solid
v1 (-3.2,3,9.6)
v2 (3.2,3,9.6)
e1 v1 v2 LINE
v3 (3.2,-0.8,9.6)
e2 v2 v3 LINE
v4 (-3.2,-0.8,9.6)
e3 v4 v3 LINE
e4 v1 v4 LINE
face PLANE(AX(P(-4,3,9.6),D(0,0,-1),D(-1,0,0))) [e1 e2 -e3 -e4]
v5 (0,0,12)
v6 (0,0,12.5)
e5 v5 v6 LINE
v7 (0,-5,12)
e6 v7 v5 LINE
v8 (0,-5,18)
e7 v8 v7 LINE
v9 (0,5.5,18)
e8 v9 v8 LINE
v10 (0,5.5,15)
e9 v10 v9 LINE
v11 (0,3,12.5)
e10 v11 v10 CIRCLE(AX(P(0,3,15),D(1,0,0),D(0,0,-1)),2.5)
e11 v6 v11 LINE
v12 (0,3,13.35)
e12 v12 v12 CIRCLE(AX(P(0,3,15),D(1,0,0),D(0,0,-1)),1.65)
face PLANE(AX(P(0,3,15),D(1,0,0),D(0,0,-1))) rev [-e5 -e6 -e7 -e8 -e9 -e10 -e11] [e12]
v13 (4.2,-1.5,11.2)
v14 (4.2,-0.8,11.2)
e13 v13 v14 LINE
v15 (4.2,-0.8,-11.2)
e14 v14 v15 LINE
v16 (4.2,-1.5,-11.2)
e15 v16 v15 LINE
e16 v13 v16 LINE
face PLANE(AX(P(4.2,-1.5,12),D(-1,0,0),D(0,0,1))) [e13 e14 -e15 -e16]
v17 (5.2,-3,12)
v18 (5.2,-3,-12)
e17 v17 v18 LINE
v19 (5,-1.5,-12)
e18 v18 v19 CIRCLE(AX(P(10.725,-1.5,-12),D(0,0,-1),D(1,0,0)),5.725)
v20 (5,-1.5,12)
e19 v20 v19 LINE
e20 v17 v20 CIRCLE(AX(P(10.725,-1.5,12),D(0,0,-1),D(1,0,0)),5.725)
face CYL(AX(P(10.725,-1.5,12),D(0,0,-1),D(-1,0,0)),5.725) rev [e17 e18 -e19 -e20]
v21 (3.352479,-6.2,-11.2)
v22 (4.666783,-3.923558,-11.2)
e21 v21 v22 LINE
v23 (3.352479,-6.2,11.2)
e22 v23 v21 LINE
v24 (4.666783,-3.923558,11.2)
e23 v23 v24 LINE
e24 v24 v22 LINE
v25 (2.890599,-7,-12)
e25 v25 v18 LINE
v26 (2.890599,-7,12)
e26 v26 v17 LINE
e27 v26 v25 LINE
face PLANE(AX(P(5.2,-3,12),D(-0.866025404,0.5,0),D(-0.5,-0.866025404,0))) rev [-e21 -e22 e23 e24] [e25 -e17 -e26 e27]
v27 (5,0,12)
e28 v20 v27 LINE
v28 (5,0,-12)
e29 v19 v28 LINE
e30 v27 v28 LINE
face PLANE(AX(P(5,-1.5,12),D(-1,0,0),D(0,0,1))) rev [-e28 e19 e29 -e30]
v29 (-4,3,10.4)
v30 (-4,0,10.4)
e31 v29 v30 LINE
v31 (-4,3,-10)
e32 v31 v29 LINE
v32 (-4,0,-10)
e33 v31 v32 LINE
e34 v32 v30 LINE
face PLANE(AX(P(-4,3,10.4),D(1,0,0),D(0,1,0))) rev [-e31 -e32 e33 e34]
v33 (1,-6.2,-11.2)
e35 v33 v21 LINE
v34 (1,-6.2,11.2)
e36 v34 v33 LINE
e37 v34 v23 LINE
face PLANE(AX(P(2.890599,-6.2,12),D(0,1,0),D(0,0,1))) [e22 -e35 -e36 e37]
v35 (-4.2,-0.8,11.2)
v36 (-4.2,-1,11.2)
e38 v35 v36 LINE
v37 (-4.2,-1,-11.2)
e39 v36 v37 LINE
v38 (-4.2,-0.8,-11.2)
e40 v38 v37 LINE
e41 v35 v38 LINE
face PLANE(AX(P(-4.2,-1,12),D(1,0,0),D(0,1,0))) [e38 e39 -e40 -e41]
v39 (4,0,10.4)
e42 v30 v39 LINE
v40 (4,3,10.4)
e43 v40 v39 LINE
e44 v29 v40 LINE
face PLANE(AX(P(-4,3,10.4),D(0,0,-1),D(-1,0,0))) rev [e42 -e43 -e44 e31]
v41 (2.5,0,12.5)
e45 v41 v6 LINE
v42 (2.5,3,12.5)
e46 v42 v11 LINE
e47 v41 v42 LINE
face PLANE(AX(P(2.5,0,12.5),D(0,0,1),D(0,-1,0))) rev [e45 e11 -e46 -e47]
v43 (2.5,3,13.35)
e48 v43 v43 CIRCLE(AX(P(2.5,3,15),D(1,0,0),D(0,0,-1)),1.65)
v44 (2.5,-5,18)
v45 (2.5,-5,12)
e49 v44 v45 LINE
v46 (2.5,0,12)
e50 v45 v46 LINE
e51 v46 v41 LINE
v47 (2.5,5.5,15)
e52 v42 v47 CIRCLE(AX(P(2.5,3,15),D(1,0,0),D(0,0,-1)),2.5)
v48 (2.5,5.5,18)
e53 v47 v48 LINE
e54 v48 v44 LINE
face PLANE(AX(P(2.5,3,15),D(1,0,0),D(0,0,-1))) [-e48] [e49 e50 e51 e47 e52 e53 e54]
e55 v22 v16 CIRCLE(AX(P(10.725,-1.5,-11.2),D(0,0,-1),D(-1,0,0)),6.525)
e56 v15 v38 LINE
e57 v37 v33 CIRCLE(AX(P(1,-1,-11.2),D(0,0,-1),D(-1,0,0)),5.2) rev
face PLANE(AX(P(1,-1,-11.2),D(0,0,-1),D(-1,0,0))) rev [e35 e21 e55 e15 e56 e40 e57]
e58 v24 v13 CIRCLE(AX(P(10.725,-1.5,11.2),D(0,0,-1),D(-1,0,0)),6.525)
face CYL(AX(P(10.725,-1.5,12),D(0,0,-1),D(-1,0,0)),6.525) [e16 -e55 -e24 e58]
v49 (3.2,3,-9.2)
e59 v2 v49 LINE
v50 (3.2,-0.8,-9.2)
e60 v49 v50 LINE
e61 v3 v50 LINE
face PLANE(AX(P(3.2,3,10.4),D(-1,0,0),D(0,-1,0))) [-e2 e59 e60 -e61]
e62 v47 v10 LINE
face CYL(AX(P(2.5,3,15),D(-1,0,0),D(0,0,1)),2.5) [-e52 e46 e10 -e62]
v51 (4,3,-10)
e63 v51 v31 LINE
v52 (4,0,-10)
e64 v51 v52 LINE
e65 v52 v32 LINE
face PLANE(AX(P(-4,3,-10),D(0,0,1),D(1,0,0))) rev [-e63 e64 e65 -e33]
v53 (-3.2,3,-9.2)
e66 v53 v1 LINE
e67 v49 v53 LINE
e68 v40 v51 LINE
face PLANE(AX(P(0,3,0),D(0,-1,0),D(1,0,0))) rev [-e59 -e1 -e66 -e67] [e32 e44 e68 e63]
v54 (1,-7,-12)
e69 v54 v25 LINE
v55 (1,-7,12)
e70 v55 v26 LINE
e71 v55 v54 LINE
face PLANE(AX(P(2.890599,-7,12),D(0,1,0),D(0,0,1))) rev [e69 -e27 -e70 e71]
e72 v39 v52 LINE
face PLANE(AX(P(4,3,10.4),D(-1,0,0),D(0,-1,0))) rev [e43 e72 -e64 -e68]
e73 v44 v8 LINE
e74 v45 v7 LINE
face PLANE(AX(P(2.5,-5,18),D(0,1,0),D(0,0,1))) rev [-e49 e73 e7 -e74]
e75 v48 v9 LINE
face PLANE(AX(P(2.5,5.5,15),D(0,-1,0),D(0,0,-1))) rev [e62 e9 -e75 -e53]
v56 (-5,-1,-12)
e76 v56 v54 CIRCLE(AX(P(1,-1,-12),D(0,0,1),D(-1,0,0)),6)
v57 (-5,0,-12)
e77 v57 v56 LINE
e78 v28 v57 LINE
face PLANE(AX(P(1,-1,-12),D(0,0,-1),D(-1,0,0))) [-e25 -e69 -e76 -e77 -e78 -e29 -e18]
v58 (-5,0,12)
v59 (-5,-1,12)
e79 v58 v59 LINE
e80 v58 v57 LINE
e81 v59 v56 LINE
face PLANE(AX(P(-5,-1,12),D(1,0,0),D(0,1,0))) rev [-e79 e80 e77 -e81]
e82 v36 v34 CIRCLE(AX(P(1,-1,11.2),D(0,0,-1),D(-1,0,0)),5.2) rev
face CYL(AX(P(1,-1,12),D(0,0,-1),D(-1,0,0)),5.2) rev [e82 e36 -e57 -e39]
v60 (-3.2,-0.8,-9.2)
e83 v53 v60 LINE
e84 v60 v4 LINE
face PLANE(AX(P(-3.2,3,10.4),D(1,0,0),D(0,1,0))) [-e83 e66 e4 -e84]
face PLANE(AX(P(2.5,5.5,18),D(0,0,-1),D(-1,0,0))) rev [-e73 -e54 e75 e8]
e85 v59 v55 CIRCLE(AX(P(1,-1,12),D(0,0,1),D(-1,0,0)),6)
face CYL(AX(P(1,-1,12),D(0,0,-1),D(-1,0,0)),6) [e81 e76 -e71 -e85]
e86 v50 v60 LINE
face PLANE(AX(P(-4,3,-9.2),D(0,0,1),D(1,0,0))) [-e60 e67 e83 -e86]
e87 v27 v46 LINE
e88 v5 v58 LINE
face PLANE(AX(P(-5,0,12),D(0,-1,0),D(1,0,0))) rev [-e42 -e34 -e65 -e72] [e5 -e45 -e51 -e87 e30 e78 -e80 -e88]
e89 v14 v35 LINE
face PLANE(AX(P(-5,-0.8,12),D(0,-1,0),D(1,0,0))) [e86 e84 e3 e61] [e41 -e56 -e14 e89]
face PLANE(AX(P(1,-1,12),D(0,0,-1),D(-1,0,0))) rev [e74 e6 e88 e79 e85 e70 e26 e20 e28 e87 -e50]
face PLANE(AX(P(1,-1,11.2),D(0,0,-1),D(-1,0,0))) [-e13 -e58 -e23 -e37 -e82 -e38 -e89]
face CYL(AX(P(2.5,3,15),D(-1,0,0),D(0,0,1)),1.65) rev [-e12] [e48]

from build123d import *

# Parameters (mm, degrees)
RESSALTO_EXTRUS_O1_DEPTH = 12
ESBO_O4_W                = 8
ESBO_O4_H                = 20.4
RESSALTO_EXTRUS_O2_DEPTH = 3
CASCA2_T                 = -0.8
ESBO_O5_R                = 1.65
RESSALTO_EXTRUS_O3_DEPTH = 2.5


with BuildPart() as part:
    # Esboço1 → Ressalto-extrusão1 (new body, symmetric)
    with BuildSketch(Plane.XY):
        with BuildLine():
            Line((-5, 0), (5, 0))
            Line((5, 0), (5, -1.5))
            ThreePointArc((5, -1.5), (5.050220269, -2.256637298), (5.2, -3))
            Line((5.2, -3), (2.890598923, -7))
            Line((2.890598923, -7), (1, -7))
            ThreePointArc((1, -7), (-3.242640687, -5.242640687), (-5, -1))
            Line((-5, -1), (-5, 0))
        make_face()
    extrude(amount=RESSALTO_EXTRUS_O1_DEPTH, both=True)

    # Esboço4 → Ressalto-extrusão2 (add)
    with BuildSketch(Plane(origin=(0, 0, 0), x_dir=(1, 0, 0), z_dir=(0, 1, 0))):
        with Locations((0, -0.2)):
            Rectangle(ESBO_O4_W, ESBO_O4_H)
    extrude(amount=RESSALTO_EXTRUS_O2_DEPTH)

    # Casca2
    casca2_openings = [part.faces().sort_by_distance(p)[0] for p in [
        (4.045299462, -5, 0),
        (0, 3, 0.2),
    ]]
    offset(amount=CASCA2_T, openings=casca2_openings, kind=Kind.INTERSECTION)

    # Esboço5 → Ressalto-extrusão3 (add)
    with BuildSketch(Plane(origin=(0, 0, 0), x_dir=(0, 0, -1), z_dir=(1, 0, 0))):
        with BuildLine():
            Line((-12, 0), (-12.5, 0))
            Line((-12.5, 0), (-12.5, 3))
            ThreePointArc((-12.5, 3), (-13.232233047, 4.767766953), (-15, 5.5))
            Line((-15, 5.5), (-18, 5.5))
            Line((-18, 5.5), (-18, -5))
            Line((-18, -5), (-12, -5))
            Line((-12, -5), (-12, 0))
        make_face()
        with Locations((-15, 3)):
            Circle(ESBO_O5_R, mode=Mode.SUBTRACT)
    extrude(amount=RESSALTO_EXTRUS_O3_DEPTH)


solid = part.part
